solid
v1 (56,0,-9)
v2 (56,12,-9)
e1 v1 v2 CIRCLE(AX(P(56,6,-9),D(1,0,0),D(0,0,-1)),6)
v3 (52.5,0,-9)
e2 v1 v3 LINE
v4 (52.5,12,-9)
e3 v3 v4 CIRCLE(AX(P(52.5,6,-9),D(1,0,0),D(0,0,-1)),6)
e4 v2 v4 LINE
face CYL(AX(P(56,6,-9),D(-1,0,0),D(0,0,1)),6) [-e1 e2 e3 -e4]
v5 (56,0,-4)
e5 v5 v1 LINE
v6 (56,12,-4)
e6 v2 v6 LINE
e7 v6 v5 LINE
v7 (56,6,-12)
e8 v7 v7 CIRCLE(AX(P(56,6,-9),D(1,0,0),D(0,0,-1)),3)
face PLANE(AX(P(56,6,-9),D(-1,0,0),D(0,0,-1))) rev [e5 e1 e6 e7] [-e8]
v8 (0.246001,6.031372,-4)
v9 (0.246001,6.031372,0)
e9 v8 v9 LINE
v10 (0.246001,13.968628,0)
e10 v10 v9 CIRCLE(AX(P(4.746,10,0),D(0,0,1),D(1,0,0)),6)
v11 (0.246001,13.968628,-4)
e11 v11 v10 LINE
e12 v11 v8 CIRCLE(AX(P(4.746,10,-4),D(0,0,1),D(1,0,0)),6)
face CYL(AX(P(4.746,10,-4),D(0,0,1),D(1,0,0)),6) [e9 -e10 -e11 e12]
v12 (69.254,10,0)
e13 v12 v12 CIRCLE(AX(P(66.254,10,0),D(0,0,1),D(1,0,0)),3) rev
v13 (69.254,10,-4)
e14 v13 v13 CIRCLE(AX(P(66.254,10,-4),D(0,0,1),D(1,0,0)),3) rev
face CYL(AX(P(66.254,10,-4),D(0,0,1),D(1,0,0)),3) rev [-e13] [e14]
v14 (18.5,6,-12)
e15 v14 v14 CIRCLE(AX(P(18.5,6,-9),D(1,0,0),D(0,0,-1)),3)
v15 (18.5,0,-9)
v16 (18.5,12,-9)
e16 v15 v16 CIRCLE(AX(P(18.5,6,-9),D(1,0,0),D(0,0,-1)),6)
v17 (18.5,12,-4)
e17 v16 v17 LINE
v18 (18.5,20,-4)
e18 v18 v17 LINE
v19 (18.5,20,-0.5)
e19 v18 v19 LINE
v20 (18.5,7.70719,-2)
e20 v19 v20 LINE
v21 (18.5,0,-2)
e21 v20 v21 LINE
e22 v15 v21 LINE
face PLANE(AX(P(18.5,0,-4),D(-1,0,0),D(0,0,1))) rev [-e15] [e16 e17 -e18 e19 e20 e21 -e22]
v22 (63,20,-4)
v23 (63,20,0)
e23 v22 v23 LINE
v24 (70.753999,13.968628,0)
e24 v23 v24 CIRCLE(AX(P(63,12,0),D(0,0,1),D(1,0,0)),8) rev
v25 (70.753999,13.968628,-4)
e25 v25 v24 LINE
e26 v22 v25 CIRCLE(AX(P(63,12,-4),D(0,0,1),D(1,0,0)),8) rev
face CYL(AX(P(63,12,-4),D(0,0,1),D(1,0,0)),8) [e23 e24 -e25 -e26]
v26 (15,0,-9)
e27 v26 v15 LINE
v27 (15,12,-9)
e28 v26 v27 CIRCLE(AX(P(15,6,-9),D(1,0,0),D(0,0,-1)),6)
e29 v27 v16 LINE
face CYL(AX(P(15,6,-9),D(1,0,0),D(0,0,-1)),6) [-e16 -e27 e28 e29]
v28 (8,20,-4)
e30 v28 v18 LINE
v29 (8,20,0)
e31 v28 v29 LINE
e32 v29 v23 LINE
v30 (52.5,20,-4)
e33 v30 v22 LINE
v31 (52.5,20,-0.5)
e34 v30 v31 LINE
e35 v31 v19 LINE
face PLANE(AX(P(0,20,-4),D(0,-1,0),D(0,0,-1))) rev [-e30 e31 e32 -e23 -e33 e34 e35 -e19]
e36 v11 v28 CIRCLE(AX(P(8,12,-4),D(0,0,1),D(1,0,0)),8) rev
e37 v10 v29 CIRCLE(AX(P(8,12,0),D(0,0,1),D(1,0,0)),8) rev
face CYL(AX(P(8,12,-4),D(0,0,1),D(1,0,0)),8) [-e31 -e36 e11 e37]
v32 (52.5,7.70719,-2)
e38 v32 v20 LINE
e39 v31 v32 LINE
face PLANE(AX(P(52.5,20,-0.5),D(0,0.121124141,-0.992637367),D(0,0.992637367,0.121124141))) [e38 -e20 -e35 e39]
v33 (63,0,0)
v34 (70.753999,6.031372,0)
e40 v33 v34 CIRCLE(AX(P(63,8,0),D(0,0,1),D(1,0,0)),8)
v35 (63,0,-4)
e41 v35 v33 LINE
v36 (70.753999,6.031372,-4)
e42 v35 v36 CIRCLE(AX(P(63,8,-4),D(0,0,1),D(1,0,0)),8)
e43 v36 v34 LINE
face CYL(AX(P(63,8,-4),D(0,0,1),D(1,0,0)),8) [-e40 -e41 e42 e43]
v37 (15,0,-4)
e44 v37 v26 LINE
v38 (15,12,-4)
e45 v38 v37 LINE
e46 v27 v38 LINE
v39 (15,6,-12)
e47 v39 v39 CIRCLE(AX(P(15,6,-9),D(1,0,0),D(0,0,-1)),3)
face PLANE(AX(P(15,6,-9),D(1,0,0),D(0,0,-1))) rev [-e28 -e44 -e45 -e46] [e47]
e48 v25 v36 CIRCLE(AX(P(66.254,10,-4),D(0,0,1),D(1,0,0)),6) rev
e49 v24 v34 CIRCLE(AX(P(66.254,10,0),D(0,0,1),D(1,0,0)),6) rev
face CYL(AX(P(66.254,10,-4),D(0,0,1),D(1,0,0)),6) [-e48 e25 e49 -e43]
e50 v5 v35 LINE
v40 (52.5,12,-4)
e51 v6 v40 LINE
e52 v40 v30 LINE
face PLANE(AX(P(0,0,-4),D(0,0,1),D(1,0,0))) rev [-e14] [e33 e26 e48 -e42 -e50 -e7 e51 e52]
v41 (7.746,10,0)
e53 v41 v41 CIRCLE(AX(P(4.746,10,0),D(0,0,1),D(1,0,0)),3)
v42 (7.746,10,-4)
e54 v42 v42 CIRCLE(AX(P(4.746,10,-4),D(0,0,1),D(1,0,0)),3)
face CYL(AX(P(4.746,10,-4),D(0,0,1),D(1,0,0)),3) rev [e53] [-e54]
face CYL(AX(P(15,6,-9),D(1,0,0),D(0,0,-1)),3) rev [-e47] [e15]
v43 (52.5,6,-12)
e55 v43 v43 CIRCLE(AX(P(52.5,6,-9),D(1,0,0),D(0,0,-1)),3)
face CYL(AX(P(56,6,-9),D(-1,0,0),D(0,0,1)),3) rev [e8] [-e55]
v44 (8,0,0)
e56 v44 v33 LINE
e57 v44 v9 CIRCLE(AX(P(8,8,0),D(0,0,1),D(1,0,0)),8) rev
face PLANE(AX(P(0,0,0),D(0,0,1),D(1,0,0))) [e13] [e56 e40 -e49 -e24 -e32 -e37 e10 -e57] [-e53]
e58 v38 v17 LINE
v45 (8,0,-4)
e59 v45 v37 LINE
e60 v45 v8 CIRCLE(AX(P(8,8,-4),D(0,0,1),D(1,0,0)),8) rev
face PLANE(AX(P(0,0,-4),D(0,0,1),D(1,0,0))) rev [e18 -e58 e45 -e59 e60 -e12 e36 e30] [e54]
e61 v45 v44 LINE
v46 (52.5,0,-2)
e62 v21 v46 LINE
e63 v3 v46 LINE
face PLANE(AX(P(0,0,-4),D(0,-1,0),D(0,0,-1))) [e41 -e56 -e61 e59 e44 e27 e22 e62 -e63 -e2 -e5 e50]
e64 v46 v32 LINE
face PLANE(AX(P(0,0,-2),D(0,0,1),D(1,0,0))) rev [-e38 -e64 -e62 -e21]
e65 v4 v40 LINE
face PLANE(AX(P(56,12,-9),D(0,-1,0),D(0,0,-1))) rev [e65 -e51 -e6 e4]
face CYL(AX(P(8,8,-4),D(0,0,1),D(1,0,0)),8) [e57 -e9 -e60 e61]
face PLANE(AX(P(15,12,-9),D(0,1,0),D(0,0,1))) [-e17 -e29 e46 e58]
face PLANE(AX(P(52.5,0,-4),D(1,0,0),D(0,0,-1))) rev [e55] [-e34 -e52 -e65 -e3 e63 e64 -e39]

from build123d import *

# Parameters (mm, degrees)
SKETCH1_R             = 3
BOSS_EXTRUDE3_DEPTH   = 4
BOSS_EXTRUDE3_2_DEPTH = 4
SKETCH1_9_W           = 34
SKETCH1_9_H           = 20
BOSS_EXTRUDE4_DEPTH   = 2
CUT_EXTRUDE1_DEPTH    = 34
SKETCH3_R             = 3
BOSS_EXTRUDE5_DEPTH   = 3.5


with BuildPart() as part:
    # Sketch1 → Boss-Extrude3 (new body)
    with BuildSketch(Plane.XY):
        with BuildLine():
            ThreePointArc((0.246000737, 6.031372198), (3.088229566, 1.685373233), (8, 0))
            Line((8, 0), (18.5, 0))
            Line((18.5, 0), (18.5, 20))
            Line((18.5, 20), (8, 20))
            ThreePointArc((8, 20), (3.088229566, 18.314626767), (0.246000737, 13.968627802))
            ThreePointArc((0.246000737, 13.968627802), (-1.254, 10), (0.246000737, 6.031372198))
        make_face()
        with Locations((4.746, 10)):
            Circle(SKETCH1_R, mode=Mode.SUBTRACT)
    extrude(amount=-BOSS_EXTRUDE3_DEPTH)



with BuildPart() as body_2:
    # Sketch1 → Boss-Extrude3 2 (new body)
    with BuildSketch(Plane.XY):
        with BuildLine():
            Line((52.5, 20), (52.5, 0))
            Line((52.5, 0), (63, 0))
            ThreePointArc((63, 0), (67.911770434, 1.685373233), (70.753999263, 6.031372198))
            ThreePointArc((70.753999263, 6.031372198), (72.254, 10), (70.753999263, 13.968627802))
            ThreePointArc((70.753999263, 13.968627802), (67.911770434, 18.314626767), (63, 20))
            Line((63, 20), (52.5, 20))
        make_face()
        with Locations((66.254, 10)):
            Circle(SKETCH1_R, mode=Mode.SUBTRACT)
    extrude(amount=-BOSS_EXTRUDE3_2_DEPTH)


with BuildPart() as part_1:
    add(part.part)

    add(body_2.part)  # Boss-Extrude4 merges body 2
    # Sketch1<9> → Boss-Extrude4 (add)
    with BuildSketch(Plane.XY):
        with Locations((35.5, 10)):
            Rectangle(SKETCH1_9_W, SKETCH1_9_H)
    extrude(amount=-BOSS_EXTRUDE4_DEPTH)

    # Sketch2 → Cut-Extrude1 (cut)
    with BuildSketch(Plane(origin=(18.5, 0, 0), x_dir=(0, 0, -1), z_dir=(1, 0, 0))):
        Polygon((2, 20), (0.5, 20), (2, 7.70719), align=None)
    extrude(amount=CUT_EXTRUDE1_DEPTH, mode=Mode.SUBTRACT)

    # Sketch3 → Boss-Extrude5 (add)
    with BuildSketch(Plane(origin=(18.5, 0, 0), x_dir=(0, 0, -1), z_dir=(1, 0, 0))):
        with BuildLine():
            Line((4, 0), (9, 0))
            ThreePointArc((9, 0), (15, 6), (9, 12))
            Line((9, 12), (4, 12))
            Line((4, 12), (4, 0))
        make_face()
        with Locations((9, 6)):
            Circle(SKETCH3_R, mode=Mode.SUBTRACT)
    boss_extrude5 = extrude(amount=-BOSS_EXTRUDE5_DEPTH)

    # Mirror1: Boss-Extrude5 across plane
    add(boss_extrude5.mirror(Plane(origin=(35.5, 0, 0), x_dir=(0, 0, 1), z_dir=(1, 0, 0))))


solid = part_1.part
